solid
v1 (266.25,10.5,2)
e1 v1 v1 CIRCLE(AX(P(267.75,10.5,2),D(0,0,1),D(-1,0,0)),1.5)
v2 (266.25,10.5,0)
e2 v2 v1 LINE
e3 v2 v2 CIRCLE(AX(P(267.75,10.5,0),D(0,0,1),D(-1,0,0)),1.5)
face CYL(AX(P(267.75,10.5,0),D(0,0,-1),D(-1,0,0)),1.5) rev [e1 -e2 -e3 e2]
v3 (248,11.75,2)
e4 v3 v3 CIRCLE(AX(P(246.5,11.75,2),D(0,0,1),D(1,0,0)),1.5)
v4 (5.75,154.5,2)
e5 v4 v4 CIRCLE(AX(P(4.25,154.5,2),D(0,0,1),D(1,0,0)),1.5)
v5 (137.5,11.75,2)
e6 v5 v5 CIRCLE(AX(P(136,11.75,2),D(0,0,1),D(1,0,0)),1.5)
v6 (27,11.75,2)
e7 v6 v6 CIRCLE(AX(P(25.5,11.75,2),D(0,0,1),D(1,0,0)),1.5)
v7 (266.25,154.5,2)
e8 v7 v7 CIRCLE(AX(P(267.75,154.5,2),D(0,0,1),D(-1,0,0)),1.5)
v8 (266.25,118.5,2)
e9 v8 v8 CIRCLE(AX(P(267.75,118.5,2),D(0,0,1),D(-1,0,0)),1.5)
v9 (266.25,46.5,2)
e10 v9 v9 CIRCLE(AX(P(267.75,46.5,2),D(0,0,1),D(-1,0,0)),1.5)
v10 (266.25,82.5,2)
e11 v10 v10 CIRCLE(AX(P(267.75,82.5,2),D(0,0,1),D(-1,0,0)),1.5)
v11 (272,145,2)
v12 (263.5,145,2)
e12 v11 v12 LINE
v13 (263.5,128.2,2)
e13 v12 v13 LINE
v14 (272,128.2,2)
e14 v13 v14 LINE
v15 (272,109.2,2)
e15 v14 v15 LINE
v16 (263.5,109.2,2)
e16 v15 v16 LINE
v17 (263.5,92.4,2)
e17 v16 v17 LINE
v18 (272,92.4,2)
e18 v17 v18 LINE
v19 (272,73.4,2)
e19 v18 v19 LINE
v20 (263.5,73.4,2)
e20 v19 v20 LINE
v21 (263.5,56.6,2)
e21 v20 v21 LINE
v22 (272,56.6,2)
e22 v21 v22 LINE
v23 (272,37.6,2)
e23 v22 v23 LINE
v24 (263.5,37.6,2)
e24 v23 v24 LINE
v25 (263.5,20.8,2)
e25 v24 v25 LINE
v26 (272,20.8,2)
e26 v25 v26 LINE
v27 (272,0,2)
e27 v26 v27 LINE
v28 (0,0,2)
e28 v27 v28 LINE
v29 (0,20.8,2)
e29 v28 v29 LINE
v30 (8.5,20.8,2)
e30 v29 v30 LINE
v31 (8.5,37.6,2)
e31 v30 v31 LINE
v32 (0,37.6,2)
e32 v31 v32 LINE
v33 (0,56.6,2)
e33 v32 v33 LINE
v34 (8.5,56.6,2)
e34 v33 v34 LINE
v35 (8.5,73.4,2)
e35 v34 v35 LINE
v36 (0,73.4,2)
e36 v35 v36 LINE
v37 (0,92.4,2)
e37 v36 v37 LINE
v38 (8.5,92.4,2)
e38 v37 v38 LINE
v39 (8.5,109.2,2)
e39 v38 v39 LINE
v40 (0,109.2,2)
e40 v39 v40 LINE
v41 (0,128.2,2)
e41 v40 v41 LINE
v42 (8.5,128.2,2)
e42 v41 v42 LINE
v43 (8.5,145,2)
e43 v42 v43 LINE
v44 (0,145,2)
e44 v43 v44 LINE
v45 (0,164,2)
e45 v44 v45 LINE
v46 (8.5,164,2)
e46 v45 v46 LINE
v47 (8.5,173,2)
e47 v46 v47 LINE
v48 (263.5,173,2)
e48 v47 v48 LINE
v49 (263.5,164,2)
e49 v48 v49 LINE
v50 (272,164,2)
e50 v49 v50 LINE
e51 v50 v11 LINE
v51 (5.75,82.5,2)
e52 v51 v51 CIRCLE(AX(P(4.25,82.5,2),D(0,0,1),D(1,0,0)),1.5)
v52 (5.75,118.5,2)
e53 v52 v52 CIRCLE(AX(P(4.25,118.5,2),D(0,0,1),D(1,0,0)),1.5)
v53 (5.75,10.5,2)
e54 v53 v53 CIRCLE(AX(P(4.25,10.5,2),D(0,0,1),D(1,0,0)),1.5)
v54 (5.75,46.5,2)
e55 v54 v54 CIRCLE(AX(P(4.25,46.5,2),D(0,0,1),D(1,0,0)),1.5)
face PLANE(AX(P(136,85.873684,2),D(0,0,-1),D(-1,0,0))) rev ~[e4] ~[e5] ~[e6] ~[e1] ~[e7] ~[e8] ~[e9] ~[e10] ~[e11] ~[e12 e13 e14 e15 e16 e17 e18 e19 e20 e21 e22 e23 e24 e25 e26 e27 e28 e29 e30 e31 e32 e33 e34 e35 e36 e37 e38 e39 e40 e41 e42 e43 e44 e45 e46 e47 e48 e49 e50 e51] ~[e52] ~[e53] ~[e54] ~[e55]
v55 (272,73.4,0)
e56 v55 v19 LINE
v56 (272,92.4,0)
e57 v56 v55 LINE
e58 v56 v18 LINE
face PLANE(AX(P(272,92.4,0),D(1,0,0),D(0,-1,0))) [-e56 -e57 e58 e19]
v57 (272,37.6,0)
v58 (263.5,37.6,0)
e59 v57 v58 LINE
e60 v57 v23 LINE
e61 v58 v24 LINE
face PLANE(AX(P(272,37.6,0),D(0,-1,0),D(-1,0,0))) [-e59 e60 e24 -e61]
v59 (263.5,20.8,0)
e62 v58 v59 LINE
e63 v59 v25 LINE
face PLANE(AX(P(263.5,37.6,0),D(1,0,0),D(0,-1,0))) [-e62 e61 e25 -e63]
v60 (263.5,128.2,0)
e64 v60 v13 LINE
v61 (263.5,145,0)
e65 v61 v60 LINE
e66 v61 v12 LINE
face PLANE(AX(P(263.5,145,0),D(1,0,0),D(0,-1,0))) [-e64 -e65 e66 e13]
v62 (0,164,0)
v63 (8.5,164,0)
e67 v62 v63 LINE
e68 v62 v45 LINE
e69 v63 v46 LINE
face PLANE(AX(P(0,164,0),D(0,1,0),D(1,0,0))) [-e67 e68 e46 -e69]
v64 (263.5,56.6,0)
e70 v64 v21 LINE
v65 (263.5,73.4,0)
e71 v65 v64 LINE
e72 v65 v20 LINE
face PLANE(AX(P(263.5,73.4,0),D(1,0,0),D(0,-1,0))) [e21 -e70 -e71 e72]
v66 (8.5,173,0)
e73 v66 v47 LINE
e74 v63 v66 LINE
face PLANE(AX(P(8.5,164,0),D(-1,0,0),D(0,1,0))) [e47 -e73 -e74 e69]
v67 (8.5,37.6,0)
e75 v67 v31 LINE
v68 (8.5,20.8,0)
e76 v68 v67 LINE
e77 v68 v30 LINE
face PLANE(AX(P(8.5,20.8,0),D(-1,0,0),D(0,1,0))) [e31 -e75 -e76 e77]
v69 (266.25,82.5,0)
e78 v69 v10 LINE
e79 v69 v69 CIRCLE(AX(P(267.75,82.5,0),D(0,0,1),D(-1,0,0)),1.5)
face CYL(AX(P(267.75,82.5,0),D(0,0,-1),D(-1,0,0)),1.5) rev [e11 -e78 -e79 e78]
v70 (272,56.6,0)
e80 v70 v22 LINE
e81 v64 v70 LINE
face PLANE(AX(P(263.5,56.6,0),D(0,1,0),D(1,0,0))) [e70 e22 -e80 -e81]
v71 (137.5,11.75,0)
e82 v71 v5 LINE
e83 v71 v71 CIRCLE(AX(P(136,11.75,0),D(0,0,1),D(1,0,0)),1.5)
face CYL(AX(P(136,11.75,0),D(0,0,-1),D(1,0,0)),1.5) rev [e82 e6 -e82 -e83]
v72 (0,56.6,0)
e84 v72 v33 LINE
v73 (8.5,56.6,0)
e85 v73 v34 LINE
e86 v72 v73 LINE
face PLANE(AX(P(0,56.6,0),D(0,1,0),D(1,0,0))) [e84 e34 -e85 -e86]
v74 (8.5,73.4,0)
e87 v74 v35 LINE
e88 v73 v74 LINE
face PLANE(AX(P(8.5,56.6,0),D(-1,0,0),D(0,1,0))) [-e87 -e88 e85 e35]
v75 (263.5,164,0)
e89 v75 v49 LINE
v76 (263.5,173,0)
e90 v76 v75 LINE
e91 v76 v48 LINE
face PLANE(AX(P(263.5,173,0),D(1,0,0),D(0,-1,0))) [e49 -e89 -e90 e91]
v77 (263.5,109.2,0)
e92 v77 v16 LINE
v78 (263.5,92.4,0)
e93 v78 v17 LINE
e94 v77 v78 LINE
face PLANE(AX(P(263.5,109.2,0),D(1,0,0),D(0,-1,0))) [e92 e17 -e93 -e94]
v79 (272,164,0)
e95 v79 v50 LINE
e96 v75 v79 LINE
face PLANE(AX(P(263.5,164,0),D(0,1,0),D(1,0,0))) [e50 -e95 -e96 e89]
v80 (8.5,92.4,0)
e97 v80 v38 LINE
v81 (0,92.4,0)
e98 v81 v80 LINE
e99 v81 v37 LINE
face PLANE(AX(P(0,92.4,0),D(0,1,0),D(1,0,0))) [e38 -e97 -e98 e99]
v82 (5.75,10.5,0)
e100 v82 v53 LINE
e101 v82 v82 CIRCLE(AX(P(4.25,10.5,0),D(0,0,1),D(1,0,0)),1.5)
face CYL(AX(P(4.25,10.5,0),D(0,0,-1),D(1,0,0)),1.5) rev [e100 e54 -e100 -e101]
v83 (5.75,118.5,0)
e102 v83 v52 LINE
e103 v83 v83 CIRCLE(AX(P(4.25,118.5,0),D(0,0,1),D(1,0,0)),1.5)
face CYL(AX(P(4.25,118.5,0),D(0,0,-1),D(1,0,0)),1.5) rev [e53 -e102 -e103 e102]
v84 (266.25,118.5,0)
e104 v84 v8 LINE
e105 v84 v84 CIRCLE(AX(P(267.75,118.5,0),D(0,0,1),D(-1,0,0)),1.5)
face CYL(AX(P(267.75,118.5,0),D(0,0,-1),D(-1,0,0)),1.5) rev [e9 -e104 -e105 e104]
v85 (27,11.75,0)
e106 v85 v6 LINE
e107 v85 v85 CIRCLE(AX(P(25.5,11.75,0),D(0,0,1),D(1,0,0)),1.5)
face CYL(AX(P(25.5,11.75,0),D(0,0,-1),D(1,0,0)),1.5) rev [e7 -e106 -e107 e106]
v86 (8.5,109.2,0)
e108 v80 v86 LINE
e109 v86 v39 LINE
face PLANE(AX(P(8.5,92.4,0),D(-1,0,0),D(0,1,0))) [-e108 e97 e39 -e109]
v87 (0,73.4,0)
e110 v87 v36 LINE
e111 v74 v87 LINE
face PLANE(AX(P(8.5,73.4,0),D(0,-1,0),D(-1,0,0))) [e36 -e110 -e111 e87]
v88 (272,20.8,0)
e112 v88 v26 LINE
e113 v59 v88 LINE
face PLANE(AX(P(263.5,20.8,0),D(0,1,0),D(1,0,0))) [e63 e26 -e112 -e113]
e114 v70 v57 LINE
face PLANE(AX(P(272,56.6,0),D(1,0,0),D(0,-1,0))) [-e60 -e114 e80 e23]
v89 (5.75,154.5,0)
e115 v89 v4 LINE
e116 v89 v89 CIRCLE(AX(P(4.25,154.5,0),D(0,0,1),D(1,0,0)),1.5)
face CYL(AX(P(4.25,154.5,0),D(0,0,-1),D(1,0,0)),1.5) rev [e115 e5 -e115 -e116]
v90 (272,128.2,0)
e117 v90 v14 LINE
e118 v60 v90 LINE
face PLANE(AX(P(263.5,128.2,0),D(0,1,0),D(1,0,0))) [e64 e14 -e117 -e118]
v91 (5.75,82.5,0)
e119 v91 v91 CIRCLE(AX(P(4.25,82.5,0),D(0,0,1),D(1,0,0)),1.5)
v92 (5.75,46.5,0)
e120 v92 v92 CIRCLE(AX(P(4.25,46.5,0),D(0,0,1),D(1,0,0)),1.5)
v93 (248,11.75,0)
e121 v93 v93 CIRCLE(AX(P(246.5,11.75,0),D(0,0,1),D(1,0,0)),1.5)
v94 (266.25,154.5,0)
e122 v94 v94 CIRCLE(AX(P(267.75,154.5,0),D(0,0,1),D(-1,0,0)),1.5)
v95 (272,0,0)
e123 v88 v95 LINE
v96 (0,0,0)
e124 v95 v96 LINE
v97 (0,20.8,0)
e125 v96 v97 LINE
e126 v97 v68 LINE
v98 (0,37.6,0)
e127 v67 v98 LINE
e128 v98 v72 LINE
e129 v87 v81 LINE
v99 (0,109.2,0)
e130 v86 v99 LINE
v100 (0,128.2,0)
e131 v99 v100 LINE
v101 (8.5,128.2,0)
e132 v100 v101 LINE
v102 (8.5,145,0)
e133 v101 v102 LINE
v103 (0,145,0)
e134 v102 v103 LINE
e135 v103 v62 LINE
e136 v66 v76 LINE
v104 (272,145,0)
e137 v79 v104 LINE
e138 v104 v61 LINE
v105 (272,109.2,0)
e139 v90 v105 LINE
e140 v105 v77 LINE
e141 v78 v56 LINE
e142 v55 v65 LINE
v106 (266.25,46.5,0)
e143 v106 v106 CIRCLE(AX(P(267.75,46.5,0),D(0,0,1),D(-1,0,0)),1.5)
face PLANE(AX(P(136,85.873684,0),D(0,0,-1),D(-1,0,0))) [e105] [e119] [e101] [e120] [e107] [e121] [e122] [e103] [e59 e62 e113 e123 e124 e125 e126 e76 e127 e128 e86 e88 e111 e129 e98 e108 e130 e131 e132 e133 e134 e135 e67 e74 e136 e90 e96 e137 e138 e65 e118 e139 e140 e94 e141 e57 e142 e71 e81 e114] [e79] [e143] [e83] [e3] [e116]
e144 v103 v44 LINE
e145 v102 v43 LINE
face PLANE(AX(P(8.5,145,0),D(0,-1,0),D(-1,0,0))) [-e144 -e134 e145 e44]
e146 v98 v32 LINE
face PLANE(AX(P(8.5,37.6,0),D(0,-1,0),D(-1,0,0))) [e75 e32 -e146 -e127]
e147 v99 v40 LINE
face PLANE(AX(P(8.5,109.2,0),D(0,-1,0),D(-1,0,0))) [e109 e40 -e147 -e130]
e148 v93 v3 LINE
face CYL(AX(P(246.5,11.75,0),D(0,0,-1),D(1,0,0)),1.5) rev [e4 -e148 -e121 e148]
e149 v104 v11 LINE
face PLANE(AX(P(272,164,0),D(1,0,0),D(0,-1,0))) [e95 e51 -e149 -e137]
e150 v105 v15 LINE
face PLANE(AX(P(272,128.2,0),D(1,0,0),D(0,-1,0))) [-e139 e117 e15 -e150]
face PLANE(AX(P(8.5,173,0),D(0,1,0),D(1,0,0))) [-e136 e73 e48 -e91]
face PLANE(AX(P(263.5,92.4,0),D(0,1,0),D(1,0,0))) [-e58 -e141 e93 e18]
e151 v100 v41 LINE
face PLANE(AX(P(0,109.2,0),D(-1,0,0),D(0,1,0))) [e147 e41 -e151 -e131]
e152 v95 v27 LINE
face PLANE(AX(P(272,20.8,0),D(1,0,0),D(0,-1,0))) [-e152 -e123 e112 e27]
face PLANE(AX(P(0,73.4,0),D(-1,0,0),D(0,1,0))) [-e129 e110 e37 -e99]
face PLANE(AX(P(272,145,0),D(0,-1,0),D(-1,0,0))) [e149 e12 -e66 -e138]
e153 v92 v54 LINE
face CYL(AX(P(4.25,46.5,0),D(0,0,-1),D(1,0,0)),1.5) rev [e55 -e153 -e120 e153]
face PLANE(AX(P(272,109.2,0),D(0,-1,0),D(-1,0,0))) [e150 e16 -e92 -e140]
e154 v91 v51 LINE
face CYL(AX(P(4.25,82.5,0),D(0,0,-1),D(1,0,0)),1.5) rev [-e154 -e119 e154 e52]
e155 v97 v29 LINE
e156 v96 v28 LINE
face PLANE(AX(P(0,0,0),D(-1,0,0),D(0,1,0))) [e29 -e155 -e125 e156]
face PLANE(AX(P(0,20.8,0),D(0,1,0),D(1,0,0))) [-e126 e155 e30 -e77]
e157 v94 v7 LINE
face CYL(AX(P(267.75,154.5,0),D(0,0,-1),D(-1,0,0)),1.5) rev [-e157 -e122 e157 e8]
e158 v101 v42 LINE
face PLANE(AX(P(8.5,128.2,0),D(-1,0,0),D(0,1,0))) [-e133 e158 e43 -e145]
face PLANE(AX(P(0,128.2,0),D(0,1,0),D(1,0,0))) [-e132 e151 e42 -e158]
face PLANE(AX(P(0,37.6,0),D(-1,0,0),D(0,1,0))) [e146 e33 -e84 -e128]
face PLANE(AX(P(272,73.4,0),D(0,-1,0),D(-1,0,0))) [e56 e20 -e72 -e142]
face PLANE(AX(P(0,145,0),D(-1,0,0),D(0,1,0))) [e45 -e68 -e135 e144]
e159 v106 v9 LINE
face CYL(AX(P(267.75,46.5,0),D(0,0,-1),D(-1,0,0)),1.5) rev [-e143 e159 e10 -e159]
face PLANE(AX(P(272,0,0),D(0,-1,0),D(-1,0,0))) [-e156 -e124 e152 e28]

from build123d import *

# Parameters (mm, degrees)
SKETCH1_R           = 1.5
BOSS_EXTRUDE1_DEPTH = 2


with BuildPart() as part:
    # Sketch1 → Boss-Extrude1 (new body)
    with BuildSketch(Plane.XY):
        Polygon((0, 20.8), (8.5, 20.8), (8.5, 37.6), (0, 37.6), (0, 56.6), (8.5, 56.6), (8.5, 73.4), (0, 73.4), (0, 92.4), (8.5, 92.4), (8.5, 109.2), (0, 109.2), (0, 128.2), (8.5, 128.2), (8.5, 145), (0, 145), (0, 164), (8.5, 164), (8.5, 173), (263.5, 173), (263.5, 164), (272, 164), (272, 145), (263.5, 145), (263.5, 128.2), (272, 128.2), (272, 109.2), (263.5, 109.2), (263.5, 92.4), (272, 92.4), (272, 73.4), (263.5, 73.4), (263.5, 56.6), (272, 56.6), (272, 37.6), (263.5, 37.6), (263.5, 20.8), (272, 20.8), (272, 0), (0, 0), align=None)
        with Locations((4.25, 154.5)):
            Circle(SKETCH1_R, mode=Mode.SUBTRACT)
        with Locations((4.25, 118.5)):
            Circle(SKETCH1_R, mode=Mode.SUBTRACT)
        with Locations((4.25, 82.5)):
            Circle(SKETCH1_R, mode=Mode.SUBTRACT)
        with Locations((4.25, 46.5)):
            Circle(SKETCH1_R, mode=Mode.SUBTRACT)
        with Locations((4.25, 10.5)):
            Circle(SKETCH1_R, mode=Mode.SUBTRACT)
        with Locations(Location((267.75, 10.5, 0), (0, 0, 180))):
            Circle(SKETCH1_R, mode=Mode.SUBTRACT)
        with Locations(Location((267.75, 46.5, 0), (0, 0, 180))):
            Circle(SKETCH1_R, mode=Mode.SUBTRACT)
        with Locations(Location((267.75, 82.5, 0), (0, 0, 180))):
            Circle(SKETCH1_R, mode=Mode.SUBTRACT)
        with Locations(Location((267.75, 118.5, 0), (0, 0, 180))):
            Circle(SKETCH1_R, mode=Mode.SUBTRACT)
        with Locations(Location((267.75, 154.5, 0), (0, 0, 180))):
            Circle(SKETCH1_R, mode=Mode.SUBTRACT)
        with Locations((25.5, 11.75)):
            Circle(SKETCH1_R, mode=Mode.SUBTRACT)
        with Locations((136, 11.75)):
            Circle(SKETCH1_R, mode=Mode.SUBTRACT)
        with Locations((246.5, 11.75)):
            Circle(SKETCH1_R, mode=Mode.SUBTRACT)
    extrude(amount=BOSS_EXTRUDE1_DEPTH)


solid = part.part
